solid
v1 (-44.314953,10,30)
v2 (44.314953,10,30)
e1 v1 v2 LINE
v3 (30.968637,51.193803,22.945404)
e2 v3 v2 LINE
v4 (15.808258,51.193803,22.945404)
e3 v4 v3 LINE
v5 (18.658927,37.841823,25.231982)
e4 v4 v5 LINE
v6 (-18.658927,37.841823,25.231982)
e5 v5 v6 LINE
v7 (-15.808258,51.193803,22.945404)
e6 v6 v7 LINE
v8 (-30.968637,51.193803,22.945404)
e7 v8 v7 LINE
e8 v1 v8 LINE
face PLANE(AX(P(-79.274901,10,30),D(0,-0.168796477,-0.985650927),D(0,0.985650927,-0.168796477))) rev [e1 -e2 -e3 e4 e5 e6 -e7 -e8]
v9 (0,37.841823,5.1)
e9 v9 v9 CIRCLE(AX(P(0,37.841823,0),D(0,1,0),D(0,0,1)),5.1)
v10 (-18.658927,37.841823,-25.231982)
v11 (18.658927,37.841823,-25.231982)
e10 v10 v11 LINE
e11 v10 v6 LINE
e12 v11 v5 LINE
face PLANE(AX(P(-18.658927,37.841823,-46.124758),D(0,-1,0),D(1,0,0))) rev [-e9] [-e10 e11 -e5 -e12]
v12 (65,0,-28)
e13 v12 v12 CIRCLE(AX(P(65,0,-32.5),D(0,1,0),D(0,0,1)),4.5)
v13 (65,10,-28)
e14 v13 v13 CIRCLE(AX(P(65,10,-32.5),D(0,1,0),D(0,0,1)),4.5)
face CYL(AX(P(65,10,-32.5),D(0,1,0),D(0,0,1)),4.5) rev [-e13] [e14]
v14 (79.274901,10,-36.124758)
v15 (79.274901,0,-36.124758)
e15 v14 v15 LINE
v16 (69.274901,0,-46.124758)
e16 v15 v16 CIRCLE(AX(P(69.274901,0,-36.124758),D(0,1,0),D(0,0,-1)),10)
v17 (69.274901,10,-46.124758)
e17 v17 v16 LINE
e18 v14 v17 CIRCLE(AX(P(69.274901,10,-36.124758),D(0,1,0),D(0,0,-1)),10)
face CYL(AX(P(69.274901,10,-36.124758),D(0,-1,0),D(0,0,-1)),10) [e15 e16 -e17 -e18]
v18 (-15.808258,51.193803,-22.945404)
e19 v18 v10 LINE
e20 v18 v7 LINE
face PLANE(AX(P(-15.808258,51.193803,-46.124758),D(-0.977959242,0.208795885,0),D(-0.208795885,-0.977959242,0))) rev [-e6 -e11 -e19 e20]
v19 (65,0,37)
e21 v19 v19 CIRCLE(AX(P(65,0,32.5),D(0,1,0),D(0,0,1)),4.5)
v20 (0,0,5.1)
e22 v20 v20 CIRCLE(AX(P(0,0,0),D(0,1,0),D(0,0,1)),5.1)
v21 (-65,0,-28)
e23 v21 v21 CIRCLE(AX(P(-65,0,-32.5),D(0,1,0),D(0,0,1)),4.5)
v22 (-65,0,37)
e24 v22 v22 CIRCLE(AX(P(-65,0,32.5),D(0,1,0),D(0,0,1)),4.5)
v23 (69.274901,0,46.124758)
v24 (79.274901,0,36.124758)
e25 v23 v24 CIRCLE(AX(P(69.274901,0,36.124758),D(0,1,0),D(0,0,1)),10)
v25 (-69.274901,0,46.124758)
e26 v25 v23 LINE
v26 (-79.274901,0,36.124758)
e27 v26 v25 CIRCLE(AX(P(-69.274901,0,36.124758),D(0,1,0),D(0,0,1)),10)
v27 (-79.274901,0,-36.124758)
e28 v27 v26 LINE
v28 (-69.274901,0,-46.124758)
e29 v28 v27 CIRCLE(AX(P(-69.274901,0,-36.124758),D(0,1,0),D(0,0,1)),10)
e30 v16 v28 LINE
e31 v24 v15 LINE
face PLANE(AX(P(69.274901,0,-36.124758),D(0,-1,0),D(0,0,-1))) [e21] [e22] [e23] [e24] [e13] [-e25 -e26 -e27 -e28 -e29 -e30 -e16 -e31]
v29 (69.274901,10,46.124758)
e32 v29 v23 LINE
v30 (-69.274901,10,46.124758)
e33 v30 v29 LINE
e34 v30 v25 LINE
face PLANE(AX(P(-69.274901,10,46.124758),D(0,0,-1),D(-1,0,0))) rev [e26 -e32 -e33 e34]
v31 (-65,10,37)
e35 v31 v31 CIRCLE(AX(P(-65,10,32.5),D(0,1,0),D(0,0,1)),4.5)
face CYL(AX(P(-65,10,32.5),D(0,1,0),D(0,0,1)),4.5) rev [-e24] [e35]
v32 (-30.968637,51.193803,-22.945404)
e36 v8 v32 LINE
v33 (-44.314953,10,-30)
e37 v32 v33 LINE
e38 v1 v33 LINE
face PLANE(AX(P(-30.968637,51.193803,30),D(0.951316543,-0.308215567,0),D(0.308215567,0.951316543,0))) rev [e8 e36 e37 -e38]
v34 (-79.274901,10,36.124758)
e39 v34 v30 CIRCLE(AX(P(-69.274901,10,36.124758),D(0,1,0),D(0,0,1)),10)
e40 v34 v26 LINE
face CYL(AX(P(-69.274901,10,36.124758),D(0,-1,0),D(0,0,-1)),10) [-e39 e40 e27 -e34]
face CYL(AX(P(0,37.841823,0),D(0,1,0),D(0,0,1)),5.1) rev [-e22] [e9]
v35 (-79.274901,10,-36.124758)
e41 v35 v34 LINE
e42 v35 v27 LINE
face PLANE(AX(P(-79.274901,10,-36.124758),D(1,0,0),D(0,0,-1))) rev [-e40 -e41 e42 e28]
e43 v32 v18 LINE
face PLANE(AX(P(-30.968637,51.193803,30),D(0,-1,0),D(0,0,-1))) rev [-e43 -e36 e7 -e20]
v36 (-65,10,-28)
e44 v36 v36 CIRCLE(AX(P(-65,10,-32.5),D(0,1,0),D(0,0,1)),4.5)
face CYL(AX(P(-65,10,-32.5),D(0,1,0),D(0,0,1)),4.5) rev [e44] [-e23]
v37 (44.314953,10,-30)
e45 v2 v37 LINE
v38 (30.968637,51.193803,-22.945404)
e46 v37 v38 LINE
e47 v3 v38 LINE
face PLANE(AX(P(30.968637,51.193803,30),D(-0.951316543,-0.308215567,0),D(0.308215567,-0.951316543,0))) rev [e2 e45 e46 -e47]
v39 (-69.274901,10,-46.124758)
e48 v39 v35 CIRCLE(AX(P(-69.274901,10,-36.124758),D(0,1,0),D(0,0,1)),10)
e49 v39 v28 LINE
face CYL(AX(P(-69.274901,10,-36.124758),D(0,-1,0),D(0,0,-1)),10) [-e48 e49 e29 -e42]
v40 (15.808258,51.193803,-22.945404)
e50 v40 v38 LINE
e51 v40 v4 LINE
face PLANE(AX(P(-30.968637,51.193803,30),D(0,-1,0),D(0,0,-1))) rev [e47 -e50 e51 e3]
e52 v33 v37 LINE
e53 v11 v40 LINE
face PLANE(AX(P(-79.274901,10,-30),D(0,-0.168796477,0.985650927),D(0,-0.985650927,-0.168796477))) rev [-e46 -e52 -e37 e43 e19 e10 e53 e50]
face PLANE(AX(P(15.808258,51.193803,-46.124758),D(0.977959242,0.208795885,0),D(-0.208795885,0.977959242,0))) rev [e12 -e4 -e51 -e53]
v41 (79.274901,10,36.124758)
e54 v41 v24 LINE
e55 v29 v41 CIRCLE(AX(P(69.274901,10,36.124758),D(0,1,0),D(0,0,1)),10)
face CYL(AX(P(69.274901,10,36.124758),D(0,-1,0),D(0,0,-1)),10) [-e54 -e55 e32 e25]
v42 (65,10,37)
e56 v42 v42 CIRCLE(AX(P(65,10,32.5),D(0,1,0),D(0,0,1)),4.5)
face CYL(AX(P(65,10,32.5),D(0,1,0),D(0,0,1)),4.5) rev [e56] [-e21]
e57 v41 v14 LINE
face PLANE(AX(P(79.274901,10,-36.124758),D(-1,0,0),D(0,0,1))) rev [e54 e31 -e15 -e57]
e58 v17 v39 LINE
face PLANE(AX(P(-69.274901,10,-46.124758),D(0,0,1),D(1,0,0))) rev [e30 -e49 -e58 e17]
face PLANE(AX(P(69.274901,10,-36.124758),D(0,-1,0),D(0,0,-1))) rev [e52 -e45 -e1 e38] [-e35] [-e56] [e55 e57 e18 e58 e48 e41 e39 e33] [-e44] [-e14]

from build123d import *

# Parameters (mm, degrees)
AUFSATZ_LINEAR_AUSTRAGEN1_DEPTH      = 10
AUFSATZ_LINEAR_AUSTRAGEN2_DEPTH      = 30
SCHNITT_LINEAR_AUSTRAGEN1_DEPTH      = 80.274901172
SCHNITT_LINEAR_AUSTRAGEN1_DEPTH_BACK = 80.274901172
SCHNITT_LINEAR_AUSTRAGEN2_DEPTH      = 47.124758374
SCHNITT_LINEAR_AUSTRAGEN2_DEPTH_BACK = 47.124758374
DURCHGANGSLOCH_F_R_M81_D             = 9
M12_GEWINDEBOHRUNG1_D                = 10.2


with BuildPart() as part:
    # Skizze1 → Aufsatz-Linear austragen1 (new body)
    with BuildSketch(Plane(origin=(0, 0, 0), x_dir=(1, 0, 0), z_dir=(0, 1, 0))):
        with BuildLine():
            Line((-69.274901172, 46.124758374), (69.274901172, 46.124758374))
            ThreePointArc((69.274901172, 46.124758374), (76.345968983, 43.195826186), (79.274901172, 36.124758374))
            Line((79.274901172, 36.124758374), (79.274901172, -36.124758374))
            ThreePointArc((79.274901172, -36.124758374), (76.345968983, -43.195826186), (69.274901172, -46.124758374))
            Line((69.274901172, -46.124758374), (-69.274901172, -46.124758374))
            ThreePointArc((-69.274901172, -46.124758374), (-76.345968983, -43.195826186), (-79.274901172, -36.124758374))
            Line((-79.274901172, -36.124758374), (-79.274901172, 36.124758374))
            ThreePointArc((-79.274901172, 36.124758374), (-76.345968983, 43.195826186), (-69.274901172, 46.124758374))
        make_face()
    extrude(amount=AUFSATZ_LINEAR_AUSTRAGEN1_DEPTH)

    # Skizze2 → Aufsatz-Linear austragen2 (add, symmetric)
    with BuildSketch(Plane.XY):
        Polygon((-30.968636567, 51.19380308), (-44.314952745, 10), (44.314952745, 10), (30.968636567, 51.19380308), align=None)
    extrude(amount=AUFSATZ_LINEAR_AUSTRAGEN2_DEPTH, both=True)

    # Skizze3 → Schnitt-Linear austragen1 (cut, two sides)
    with BuildSketch(Plane(origin=(0, 0, 0), x_dir=(0, 0, -1), z_dir=(1, 0, 0))) as schnitt_linear_austragen1_sk:
        Polygon((-30, 10), (-22.945404255, 51.19380308), (-30, 51.19380308), align=None)
        Polygon((30, 51.19380308), (30, 10), (22.945404255, 51.19380308), align=None)
    extrude(amount=SCHNITT_LINEAR_AUSTRAGEN1_DEPTH, mode=Mode.SUBTRACT)
    extrude(schnitt_linear_austragen1_sk.sketch, amount=-SCHNITT_LINEAR_AUSTRAGEN1_DEPTH_BACK, mode=Mode.SUBTRACT)

    # Skizze4 → Schnitt-Linear austragen2 (cut, two sides)
    with BuildSketch(Plane.XY) as schnitt_linear_austragen2_sk:
        Polygon((-15.808257997, 51.19380308), (-18.658927471, 37.841822693), (18.658927471, 37.841822693), (15.808257997, 51.19380308), align=None)
    extrude(amount=SCHNITT_LINEAR_AUSTRAGEN2_DEPTH, mode=Mode.SUBTRACT)
    extrude(schnitt_linear_austragen2_sk.sketch, amount=-SCHNITT_LINEAR_AUSTRAGEN2_DEPTH_BACK, mode=Mode.SUBTRACT)

    # Durchgangsloch für M81 (through all)
    with Locations(Plane(origin=(0, 10, 0), x_dir=(1, 0, 0), z_dir=(0, 1, 0))):
        with Locations((-65, 32.5), (65, 32.5), (65, -32.5), (-65, -32.5)):
            Hole(DURCHGANGSLOCH_F_R_M81_D / 2)

    # M12 Gewindebohrung1 (through all)
    with Locations(Plane(origin=(0, 37.841822693, 0), x_dir=(1, 0, 0), z_dir=(0, 1, 0))):
        with Locations((0, 0)):
            Hole(M12_GEWINDEBOHRUNG1_D / 2)


solid = part.part
